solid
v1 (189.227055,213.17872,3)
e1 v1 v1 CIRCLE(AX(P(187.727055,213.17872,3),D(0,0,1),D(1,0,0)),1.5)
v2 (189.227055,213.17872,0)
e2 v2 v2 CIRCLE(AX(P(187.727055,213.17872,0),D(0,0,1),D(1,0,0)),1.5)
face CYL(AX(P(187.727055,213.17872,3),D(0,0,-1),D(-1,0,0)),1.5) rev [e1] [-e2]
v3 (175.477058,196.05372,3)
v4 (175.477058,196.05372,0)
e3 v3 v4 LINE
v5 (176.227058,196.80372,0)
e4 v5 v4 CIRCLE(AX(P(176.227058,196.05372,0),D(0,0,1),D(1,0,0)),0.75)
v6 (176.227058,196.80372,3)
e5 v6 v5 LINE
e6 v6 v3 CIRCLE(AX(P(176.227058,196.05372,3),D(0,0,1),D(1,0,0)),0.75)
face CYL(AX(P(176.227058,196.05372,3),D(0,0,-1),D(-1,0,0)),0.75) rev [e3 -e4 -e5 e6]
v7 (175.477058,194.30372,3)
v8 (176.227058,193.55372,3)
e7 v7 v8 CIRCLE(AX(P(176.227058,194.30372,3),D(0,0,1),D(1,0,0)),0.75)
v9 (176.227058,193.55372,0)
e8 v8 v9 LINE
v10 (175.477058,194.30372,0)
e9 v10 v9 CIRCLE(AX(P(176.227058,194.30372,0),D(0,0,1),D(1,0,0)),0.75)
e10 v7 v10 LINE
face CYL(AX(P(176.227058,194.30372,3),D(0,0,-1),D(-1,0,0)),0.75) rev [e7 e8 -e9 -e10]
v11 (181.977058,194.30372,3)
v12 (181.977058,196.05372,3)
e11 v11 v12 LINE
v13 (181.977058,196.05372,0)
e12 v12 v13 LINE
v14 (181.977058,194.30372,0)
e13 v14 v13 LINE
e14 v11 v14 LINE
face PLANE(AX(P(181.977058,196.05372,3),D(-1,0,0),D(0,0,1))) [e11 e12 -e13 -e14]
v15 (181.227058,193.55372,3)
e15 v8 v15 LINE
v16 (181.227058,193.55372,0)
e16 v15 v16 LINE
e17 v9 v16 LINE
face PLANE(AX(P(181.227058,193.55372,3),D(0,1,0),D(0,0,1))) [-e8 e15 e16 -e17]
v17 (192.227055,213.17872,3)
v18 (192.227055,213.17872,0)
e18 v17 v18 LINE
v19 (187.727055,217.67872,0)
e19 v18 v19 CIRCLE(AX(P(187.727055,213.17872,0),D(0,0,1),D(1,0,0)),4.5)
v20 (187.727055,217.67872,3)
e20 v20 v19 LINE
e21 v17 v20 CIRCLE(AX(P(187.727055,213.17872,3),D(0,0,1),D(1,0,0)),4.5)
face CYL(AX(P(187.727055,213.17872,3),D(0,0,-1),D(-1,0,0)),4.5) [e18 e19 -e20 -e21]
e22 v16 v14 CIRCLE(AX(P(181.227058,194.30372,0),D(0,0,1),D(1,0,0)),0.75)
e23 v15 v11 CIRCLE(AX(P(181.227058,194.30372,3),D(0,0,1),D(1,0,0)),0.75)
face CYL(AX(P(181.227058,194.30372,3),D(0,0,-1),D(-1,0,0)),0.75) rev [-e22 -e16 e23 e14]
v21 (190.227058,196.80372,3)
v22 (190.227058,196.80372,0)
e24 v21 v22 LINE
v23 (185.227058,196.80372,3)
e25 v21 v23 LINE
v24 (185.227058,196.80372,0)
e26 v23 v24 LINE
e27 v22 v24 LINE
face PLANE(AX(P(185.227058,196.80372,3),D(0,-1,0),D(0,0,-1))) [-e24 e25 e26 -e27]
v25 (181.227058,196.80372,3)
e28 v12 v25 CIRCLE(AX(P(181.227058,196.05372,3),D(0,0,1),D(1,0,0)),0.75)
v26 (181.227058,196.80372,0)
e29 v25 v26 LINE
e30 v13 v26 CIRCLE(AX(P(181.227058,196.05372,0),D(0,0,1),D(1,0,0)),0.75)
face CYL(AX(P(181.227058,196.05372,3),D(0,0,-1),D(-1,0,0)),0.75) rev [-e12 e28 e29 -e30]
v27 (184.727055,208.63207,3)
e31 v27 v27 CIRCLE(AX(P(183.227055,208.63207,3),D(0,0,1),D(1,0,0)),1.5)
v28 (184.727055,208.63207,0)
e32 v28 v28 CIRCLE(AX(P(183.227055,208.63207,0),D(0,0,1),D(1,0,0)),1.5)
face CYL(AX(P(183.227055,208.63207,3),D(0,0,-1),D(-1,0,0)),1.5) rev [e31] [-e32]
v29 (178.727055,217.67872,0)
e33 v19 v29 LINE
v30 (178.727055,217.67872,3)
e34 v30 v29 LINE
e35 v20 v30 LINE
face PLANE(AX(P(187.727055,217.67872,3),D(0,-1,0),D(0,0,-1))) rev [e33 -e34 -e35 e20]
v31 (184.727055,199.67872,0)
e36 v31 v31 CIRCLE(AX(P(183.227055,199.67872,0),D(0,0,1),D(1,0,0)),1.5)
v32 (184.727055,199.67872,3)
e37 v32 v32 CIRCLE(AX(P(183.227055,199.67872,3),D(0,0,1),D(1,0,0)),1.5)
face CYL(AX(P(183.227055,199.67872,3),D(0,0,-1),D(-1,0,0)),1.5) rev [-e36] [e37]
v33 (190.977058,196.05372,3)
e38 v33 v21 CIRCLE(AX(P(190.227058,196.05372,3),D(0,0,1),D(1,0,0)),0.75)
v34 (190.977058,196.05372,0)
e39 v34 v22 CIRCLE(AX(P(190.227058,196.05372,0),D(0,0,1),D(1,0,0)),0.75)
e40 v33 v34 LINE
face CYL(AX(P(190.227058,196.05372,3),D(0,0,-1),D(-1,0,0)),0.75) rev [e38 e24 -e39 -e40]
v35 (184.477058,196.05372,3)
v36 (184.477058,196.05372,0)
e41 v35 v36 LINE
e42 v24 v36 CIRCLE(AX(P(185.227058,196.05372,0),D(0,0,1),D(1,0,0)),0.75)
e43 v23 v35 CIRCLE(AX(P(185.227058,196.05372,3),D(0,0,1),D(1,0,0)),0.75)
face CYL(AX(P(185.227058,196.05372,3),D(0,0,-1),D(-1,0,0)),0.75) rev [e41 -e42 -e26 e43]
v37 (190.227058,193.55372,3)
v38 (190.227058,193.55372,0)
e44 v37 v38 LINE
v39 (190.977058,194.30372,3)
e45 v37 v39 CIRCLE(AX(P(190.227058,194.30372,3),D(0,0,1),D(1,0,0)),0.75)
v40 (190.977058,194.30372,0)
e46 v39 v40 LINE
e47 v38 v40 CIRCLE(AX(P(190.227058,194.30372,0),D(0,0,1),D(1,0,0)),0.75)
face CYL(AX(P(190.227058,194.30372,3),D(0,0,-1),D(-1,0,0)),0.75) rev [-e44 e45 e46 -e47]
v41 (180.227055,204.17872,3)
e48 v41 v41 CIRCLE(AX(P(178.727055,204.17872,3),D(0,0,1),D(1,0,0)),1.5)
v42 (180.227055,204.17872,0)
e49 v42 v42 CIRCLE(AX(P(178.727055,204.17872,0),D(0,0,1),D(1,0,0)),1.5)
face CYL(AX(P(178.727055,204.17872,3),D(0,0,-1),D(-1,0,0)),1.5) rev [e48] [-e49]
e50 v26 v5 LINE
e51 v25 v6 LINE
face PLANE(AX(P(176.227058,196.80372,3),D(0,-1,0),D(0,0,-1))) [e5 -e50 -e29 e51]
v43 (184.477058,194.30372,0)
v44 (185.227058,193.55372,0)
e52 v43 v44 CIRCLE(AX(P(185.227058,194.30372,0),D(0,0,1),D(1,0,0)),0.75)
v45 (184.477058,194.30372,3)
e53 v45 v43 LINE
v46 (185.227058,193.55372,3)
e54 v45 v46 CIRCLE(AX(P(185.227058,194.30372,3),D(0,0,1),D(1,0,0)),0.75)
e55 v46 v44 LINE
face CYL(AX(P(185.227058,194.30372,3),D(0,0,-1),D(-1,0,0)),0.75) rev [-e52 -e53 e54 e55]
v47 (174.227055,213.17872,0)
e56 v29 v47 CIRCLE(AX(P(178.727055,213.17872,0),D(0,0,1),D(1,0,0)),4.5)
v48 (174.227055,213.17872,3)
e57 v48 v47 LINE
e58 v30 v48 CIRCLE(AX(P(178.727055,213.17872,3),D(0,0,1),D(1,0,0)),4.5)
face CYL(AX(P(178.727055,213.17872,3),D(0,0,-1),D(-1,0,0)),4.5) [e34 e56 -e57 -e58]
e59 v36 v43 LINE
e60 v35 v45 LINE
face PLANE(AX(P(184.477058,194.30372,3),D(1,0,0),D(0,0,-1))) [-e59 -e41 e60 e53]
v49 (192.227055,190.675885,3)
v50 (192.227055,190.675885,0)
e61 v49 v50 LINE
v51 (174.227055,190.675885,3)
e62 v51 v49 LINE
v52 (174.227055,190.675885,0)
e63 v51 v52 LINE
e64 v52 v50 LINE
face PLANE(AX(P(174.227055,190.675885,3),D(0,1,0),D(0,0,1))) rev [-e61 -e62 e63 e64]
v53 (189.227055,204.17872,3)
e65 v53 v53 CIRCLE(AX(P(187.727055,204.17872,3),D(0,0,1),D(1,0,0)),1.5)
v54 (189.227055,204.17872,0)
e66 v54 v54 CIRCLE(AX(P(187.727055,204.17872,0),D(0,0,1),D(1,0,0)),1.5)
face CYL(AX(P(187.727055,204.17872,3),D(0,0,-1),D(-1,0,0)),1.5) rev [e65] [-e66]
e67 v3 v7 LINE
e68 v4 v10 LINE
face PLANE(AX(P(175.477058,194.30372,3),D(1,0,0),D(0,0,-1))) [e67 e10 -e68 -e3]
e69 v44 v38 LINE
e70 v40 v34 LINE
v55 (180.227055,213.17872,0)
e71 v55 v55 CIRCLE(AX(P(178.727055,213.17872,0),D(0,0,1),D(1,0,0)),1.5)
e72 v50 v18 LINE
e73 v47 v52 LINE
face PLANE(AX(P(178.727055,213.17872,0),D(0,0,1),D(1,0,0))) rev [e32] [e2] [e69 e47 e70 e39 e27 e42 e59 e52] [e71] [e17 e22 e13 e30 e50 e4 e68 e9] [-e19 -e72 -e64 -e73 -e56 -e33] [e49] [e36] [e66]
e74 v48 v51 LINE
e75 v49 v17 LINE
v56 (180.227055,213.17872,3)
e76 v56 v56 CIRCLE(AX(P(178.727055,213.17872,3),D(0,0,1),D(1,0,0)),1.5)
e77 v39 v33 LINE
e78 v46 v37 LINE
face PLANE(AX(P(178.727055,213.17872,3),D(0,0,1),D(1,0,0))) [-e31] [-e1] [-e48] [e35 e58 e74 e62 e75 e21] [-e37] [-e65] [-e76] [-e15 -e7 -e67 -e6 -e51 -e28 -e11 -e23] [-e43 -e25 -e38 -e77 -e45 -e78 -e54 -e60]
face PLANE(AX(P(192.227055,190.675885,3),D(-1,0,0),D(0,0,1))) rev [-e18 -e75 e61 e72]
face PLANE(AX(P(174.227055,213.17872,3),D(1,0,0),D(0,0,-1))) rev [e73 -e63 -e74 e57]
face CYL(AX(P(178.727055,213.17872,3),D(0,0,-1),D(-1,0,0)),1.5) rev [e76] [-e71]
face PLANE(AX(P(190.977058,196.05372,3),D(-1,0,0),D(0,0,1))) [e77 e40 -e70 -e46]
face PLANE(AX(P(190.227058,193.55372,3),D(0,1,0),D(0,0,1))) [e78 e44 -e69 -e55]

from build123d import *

# Parameters (mm, degrees)
MODEL_R                 = 1.5
SALIENTE_EXTRUIR1_DEPTH = 3


with BuildPart() as part:
    # Model → Saliente-Extruir1 (new body)
    with BuildSketch(Plane.XY):
        with BuildLine():
            Line((174.227054575, 190.675884941), (192.227054575, 190.675884941))
            Line((192.227054575, 190.675884941), (192.227054575, 213.178720063))
            ThreePointArc((192.227054575, 213.178720063), (190.90903509, 216.360700578), (187.727054575, 217.678720063))
            Line((187.727054575, 217.678720063), (178.727054575, 217.678720063))
            ThreePointArc((178.727054575, 217.678720063), (175.545074059, 216.360700578), (174.227054575, 213.178720063))
            Line((174.227054575, 213.178720063), (174.227054575, 190.675884941))
        make_face()
        with Locations((183.227054575, 199.678720063)):
            Circle(MODEL_R, mode=Mode.SUBTRACT)
        with Locations((183.227054575, 208.632069818)):
            Circle(MODEL_R, mode=Mode.SUBTRACT)
        with Locations((187.727054575, 204.178720063)):
            Circle(MODEL_R, mode=Mode.SUBTRACT)
        with Locations((178.727054575, 204.178720063)):
            Circle(MODEL_R, mode=Mode.SUBTRACT)
        with Locations((187.727054575, 213.178720063)):
            Circle(MODEL_R, mode=Mode.SUBTRACT)
        with Locations((178.727054575, 213.178720063)):
            Circle(MODEL_R, mode=Mode.SUBTRACT)
        with BuildLine():
            Line((190.227058417, 193.553720063), (185.227058417, 193.553720063))
            ThreePointArc((185.227058417, 193.553720063), (184.696728331, 193.773389977), (184.477058417, 194.303720063))
            Line((184.477058417, 194.303720063), (184.477058417, 196.053720063))
            ThreePointArc((184.477058417, 196.053720063), (184.696728331, 196.584050149), (185.227058417, 196.803720063))
            Line((185.227058417, 196.803720063), (190.227058417, 196.803720063))
            ThreePointArc((190.227058417, 196.803720063), (190.757388503, 196.584050149), (190.977058417, 196.053720063))
            Line((190.977058417, 196.053720063), (190.977058417, 194.303720063))
            ThreePointArc((190.977058417, 194.303720063), (190.757388503, 193.773389977), (190.227058417, 193.553720063))
        make_face(mode=Mode.SUBTRACT)
        with BuildLine():
            Line((181.227058417, 193.553720063), (176.227058417, 193.553720063))
            ThreePointArc((176.227058417, 193.553720063), (175.696728331, 193.773389977), (175.477058417, 194.303720063))
            Line((175.477058417, 194.303720063), (175.477058417, 196.053720063))
            ThreePointArc((175.477058417, 196.053720063), (175.696728331, 196.584050149), (176.227058417, 196.803720063))
            Line((176.227058417, 196.803720063), (181.227058417, 196.803720063))
            ThreePointArc((181.227058417, 196.803720063), (181.757388503, 196.584050149), (181.977058417, 196.053720063))
            Line((181.977058417, 196.053720063), (181.977058417, 194.303720063))
            ThreePointArc((181.977058417, 194.303720063), (181.757388503, 193.773389977), (181.227058417, 193.553720063))
        make_face(mode=Mode.SUBTRACT)
    extrude(amount=SALIENTE_EXTRUIR1_DEPTH)


solid = part.part
